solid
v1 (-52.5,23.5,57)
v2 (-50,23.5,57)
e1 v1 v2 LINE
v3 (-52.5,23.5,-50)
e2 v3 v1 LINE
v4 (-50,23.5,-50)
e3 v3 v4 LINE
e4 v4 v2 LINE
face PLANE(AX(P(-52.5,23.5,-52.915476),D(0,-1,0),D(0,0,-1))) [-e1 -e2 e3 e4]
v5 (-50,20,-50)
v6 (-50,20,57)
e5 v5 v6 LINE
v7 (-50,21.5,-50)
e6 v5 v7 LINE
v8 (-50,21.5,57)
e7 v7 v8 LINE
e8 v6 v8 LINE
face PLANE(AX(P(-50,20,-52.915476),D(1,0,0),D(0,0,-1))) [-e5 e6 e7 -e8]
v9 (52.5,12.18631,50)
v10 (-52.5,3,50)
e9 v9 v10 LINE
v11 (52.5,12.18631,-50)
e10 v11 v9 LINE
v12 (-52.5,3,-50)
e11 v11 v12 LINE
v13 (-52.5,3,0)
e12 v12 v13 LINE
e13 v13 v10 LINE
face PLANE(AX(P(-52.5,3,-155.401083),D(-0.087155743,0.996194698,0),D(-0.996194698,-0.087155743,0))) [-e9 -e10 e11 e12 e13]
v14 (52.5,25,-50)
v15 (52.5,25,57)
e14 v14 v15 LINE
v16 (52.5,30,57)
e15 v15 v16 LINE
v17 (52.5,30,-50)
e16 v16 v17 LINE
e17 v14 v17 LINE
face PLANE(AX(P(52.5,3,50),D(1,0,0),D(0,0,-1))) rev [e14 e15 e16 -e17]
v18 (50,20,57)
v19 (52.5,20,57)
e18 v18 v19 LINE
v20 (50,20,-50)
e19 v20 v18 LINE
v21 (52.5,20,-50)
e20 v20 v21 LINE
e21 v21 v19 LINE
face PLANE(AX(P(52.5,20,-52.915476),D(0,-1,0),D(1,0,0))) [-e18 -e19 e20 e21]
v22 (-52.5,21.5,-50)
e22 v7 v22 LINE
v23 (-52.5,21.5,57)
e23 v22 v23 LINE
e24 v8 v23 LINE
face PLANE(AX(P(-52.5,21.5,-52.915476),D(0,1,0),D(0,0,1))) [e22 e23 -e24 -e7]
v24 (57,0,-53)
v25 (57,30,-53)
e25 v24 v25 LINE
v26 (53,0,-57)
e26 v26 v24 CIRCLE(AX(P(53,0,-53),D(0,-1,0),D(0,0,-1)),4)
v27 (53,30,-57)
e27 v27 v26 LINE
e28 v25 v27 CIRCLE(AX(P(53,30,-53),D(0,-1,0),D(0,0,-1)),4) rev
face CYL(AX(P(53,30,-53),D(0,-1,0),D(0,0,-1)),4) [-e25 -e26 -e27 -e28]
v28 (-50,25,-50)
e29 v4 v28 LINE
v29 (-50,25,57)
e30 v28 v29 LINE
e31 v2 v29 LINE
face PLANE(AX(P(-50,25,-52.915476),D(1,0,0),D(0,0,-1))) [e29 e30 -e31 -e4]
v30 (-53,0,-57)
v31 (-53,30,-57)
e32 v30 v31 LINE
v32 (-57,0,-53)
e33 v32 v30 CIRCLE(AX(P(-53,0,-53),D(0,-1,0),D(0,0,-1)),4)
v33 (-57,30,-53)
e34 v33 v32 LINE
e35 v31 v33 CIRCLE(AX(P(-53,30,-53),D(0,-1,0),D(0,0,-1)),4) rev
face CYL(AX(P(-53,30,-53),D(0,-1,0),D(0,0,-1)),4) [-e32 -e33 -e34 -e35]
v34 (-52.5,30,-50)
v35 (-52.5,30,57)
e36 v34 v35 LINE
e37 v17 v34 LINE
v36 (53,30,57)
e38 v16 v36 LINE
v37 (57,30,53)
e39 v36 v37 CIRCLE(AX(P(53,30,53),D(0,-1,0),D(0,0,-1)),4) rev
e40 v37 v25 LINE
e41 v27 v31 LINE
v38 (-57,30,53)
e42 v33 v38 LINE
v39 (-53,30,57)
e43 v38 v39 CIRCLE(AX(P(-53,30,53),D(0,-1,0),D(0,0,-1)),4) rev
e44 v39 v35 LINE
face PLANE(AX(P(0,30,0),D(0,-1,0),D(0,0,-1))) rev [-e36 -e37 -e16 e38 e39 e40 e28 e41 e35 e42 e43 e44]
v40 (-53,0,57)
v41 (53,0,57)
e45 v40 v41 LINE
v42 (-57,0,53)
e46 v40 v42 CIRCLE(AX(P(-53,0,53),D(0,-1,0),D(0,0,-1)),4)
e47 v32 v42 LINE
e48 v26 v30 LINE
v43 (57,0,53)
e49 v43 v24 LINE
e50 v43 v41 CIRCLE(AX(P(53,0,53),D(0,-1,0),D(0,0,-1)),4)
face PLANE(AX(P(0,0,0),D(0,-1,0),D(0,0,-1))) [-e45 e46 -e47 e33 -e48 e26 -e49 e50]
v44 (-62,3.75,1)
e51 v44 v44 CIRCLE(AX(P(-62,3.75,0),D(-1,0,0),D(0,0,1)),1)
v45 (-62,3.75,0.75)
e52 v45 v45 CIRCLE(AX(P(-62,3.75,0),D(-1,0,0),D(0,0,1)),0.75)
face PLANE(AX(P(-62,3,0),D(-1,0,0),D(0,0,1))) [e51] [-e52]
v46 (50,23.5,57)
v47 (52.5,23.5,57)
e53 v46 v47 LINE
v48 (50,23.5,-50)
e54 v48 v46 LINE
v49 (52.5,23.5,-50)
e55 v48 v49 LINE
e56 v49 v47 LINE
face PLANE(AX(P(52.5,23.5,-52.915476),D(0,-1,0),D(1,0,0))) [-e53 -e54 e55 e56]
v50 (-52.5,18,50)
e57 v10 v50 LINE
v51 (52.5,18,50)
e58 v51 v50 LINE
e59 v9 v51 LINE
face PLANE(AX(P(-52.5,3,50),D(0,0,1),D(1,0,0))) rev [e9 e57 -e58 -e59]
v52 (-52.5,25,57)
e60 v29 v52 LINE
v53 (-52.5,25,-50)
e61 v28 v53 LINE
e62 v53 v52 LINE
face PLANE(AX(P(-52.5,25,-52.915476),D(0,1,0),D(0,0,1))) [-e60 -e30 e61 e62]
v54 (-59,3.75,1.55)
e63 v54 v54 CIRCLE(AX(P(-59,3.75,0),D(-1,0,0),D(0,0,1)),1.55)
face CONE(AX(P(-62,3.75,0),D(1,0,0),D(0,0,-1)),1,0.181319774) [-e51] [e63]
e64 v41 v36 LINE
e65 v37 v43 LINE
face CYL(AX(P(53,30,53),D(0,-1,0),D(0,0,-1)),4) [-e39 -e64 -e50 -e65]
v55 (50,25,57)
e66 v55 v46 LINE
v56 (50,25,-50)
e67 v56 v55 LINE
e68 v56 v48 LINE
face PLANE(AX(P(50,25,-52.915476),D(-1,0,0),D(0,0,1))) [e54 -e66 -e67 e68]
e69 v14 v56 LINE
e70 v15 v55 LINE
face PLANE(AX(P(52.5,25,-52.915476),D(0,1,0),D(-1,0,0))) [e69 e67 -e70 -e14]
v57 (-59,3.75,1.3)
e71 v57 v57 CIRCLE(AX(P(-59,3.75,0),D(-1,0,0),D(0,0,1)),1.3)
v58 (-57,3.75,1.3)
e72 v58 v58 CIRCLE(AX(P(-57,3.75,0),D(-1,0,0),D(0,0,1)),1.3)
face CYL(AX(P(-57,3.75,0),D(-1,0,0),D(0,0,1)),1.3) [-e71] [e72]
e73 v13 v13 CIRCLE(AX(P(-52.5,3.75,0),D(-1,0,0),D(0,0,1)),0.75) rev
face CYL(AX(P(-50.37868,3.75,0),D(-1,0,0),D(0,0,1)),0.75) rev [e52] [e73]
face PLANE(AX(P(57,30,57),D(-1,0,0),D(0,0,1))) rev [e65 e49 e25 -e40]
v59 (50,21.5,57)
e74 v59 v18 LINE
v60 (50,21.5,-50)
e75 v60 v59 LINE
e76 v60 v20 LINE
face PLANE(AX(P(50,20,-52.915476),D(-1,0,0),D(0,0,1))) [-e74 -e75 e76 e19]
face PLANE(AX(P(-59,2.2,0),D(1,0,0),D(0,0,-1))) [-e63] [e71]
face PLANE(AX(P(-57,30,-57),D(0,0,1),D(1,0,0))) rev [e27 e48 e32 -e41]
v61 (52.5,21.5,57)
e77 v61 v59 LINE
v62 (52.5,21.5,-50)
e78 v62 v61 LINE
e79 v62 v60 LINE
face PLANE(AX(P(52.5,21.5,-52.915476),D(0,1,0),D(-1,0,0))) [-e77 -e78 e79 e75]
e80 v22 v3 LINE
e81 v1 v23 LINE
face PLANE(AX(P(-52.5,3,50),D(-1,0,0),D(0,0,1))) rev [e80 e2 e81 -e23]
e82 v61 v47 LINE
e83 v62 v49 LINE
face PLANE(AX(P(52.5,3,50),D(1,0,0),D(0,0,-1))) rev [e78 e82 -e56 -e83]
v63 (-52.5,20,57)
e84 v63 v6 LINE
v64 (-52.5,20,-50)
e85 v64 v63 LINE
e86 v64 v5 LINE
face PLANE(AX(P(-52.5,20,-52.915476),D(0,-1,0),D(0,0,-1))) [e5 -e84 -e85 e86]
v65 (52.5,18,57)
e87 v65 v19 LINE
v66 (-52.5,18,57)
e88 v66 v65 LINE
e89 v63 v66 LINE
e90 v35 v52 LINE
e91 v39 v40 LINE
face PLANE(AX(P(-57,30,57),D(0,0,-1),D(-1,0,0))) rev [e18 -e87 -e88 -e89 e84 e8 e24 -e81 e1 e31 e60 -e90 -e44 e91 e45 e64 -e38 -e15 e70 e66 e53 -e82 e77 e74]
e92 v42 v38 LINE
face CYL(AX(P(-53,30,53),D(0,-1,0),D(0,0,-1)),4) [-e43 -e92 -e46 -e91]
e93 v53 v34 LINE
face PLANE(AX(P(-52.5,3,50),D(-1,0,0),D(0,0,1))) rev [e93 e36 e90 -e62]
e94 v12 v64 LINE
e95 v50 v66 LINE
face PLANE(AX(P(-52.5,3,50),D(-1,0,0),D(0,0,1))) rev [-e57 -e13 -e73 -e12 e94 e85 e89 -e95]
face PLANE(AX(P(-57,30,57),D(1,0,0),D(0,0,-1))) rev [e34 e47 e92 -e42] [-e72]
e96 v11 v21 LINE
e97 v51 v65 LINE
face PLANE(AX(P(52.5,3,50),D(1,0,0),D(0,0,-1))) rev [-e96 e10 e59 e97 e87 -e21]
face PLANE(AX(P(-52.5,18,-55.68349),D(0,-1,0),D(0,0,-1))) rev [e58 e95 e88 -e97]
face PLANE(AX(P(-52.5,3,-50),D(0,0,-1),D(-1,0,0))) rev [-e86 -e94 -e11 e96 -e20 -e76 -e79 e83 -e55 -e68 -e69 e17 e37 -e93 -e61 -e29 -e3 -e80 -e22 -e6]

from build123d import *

# Parameters (mm, degrees)
CROQUIS1_W                          = 114
CROQUIS1_H                          = 114
SALIENTE_EXTRUIR1_DEPTH             = 30
REDONDEO1_R                         = 4
CROQUIS2_W                          = 105
CROQUIS2_H                          = 100
CORTAR_EXTRUIR1_DEPTH               = 27
CROQUIS3_W                          = 105
CROQUIS3_H                          = 12
CORTAR_EXTRUIR2_DEPTH               = 7
CROQUIS5_W                          = 2.5
CROQUIS5_H                          = 1.5
SALIENTE_EXTRUIR2_DEPTH             = 107
SALIENTE_EXTRUIR3_REACH             = 59
SALIENTE_EXTRUIR3_DIRECTION_2_REACH = 59
CROQUIS7_R                          = 0.75
CORTAR_EXTRUIR3_DEPTH               = 4.5


with BuildPart() as part:
    # Croquis1 → Saliente-Extruir1 (new body)
    with BuildSketch(Plane(origin=(0, 0, 0), x_dir=(1, 0, 0), z_dir=(0, 1, 0))):
        Rectangle(CROQUIS1_W, CROQUIS1_H)
    extrude(amount=SALIENTE_EXTRUIR1_DEPTH)

    # Redondeo1
    redondeo1_edges = [part.edges().sort_by_distance(p)[0] for p in [
        (57, 15, 57),
        (-57, 15, 57),
        (-57, 15, -57),
        (57, 15, -57),
    ]]
    fillet(redondeo1_edges, radius=REDONDEO1_R)

    # Croquis2 → Cortar-Extruir1 (cut)
    with BuildSketch(Plane(origin=(0, 30, 0), x_dir=(1, 0, 0), z_dir=(0, 1, 0))):
        Rectangle(CROQUIS2_W, CROQUIS2_H)
    extrude(amount=-CORTAR_EXTRUIR1_DEPTH, mode=Mode.SUBTRACT)

    # Croquis3 → Cortar-Extruir2 (cut)
    with BuildSketch(Plane.XY.offset(57)):
        with Locations((0, 24)):
            Rectangle(CROQUIS3_W, CROQUIS3_H)
    extrude(amount=-CORTAR_EXTRUIR2_DEPTH, mode=Mode.SUBTRACT)

    # Croquis5 → Saliente-Extruir2 (add)
    with BuildSketch(Plane.XY.offset(57)):
        with Locations((-51.25, 20.75)):
            Rectangle(CROQUIS5_W, CROQUIS5_H)
        with Locations((-51.25, 24.25)):
            Rectangle(CROQUIS5_W, CROQUIS5_H)
        with Locations((51.25, 20.75)):
            Rectangle(CROQUIS5_W, CROQUIS5_H)
        with Locations((51.25, 24.25)):
            Rectangle(CROQUIS5_W, CROQUIS5_H)
    extrude(amount=-SALIENTE_EXTRUIR2_DEPTH)

    # Saliente-Extruir3: up to this face of the body (flat: up to its plane)
    saliente_extruir3_end = Plane(part.part.faces().sort_by_distance((0, 16.468085106, -50))[0])
    # Croquis6 → Saliente-Extruir3 (add, up to the picked face)
    with BuildSketch(Plane.XY, mode=Mode.PRIVATE) as saliente_extruir3_sk1:
        Polygon((-52.5, 3), (52.5, 12.18630967), (52.5, 3), align=None)
    saliente_extruir3_tool1 = split(extrude(saliente_extruir3_sk1.sketch, amount=-SALIENTE_EXTRUIR3_REACH, mode=Mode.PRIVATE), bisect_by=saliente_extruir3_end, keep=Keep.BOTH, mode=Mode.PRIVATE)
    add(saliente_extruir3_tool1.solids().sort_by_distance((17.5, 6.062103, 0))[0])

    # Saliente-Extruir3 direction 2: up to this face of the body (flat: up to its plane)
    saliente_extruir3_direction_2_end = Plane(part.part.faces().sort_by_distance((0, 10.5, 50))[0])
    # Croquis6 → Saliente-Extruir3 direction 2 (add, up to the picked face)
    with BuildSketch(Plane.XY, mode=Mode.PRIVATE) as saliente_extruir3_direction_2_sk1:
        Polygon((-52.5, 3), (52.5, 12.18630967), (52.5, 3), align=None)
    saliente_extruir3_direction_2_tool1 = split(extrude(saliente_extruir3_direction_2_sk1.sketch, amount=SALIENTE_EXTRUIR3_DIRECTION_2_REACH, mode=Mode.PRIVATE), bisect_by=saliente_extruir3_direction_2_end, keep=Keep.BOTH, mode=Mode.PRIVATE)
    add(saliente_extruir3_direction_2_tool1.solids().sort_by_distance((17.5, 6.062103, 0))[0])

    # Croquis7 → Cortar-Extruir3 (cut)
    with BuildSketch(Plane.ZY.offset(57)):
        with Locations((0, 3.75)):
            Circle(CROQUIS7_R)
    extrude(amount=-CORTAR_EXTRUIR3_DEPTH, mode=Mode.SUBTRACT)

    # Croquis10 → Revolución1 (revolve)
    with BuildSketch(Plane.XY):
        Polygon((-57, 3), (-62, 3), (-62, 2.75), (-59, 2.2), (-59, 2.45), (-57, 2.45), align=None)
    revolve(axis=Axis((-57, 3.75, 0), (1, 0, 0)))


solid = part.part
